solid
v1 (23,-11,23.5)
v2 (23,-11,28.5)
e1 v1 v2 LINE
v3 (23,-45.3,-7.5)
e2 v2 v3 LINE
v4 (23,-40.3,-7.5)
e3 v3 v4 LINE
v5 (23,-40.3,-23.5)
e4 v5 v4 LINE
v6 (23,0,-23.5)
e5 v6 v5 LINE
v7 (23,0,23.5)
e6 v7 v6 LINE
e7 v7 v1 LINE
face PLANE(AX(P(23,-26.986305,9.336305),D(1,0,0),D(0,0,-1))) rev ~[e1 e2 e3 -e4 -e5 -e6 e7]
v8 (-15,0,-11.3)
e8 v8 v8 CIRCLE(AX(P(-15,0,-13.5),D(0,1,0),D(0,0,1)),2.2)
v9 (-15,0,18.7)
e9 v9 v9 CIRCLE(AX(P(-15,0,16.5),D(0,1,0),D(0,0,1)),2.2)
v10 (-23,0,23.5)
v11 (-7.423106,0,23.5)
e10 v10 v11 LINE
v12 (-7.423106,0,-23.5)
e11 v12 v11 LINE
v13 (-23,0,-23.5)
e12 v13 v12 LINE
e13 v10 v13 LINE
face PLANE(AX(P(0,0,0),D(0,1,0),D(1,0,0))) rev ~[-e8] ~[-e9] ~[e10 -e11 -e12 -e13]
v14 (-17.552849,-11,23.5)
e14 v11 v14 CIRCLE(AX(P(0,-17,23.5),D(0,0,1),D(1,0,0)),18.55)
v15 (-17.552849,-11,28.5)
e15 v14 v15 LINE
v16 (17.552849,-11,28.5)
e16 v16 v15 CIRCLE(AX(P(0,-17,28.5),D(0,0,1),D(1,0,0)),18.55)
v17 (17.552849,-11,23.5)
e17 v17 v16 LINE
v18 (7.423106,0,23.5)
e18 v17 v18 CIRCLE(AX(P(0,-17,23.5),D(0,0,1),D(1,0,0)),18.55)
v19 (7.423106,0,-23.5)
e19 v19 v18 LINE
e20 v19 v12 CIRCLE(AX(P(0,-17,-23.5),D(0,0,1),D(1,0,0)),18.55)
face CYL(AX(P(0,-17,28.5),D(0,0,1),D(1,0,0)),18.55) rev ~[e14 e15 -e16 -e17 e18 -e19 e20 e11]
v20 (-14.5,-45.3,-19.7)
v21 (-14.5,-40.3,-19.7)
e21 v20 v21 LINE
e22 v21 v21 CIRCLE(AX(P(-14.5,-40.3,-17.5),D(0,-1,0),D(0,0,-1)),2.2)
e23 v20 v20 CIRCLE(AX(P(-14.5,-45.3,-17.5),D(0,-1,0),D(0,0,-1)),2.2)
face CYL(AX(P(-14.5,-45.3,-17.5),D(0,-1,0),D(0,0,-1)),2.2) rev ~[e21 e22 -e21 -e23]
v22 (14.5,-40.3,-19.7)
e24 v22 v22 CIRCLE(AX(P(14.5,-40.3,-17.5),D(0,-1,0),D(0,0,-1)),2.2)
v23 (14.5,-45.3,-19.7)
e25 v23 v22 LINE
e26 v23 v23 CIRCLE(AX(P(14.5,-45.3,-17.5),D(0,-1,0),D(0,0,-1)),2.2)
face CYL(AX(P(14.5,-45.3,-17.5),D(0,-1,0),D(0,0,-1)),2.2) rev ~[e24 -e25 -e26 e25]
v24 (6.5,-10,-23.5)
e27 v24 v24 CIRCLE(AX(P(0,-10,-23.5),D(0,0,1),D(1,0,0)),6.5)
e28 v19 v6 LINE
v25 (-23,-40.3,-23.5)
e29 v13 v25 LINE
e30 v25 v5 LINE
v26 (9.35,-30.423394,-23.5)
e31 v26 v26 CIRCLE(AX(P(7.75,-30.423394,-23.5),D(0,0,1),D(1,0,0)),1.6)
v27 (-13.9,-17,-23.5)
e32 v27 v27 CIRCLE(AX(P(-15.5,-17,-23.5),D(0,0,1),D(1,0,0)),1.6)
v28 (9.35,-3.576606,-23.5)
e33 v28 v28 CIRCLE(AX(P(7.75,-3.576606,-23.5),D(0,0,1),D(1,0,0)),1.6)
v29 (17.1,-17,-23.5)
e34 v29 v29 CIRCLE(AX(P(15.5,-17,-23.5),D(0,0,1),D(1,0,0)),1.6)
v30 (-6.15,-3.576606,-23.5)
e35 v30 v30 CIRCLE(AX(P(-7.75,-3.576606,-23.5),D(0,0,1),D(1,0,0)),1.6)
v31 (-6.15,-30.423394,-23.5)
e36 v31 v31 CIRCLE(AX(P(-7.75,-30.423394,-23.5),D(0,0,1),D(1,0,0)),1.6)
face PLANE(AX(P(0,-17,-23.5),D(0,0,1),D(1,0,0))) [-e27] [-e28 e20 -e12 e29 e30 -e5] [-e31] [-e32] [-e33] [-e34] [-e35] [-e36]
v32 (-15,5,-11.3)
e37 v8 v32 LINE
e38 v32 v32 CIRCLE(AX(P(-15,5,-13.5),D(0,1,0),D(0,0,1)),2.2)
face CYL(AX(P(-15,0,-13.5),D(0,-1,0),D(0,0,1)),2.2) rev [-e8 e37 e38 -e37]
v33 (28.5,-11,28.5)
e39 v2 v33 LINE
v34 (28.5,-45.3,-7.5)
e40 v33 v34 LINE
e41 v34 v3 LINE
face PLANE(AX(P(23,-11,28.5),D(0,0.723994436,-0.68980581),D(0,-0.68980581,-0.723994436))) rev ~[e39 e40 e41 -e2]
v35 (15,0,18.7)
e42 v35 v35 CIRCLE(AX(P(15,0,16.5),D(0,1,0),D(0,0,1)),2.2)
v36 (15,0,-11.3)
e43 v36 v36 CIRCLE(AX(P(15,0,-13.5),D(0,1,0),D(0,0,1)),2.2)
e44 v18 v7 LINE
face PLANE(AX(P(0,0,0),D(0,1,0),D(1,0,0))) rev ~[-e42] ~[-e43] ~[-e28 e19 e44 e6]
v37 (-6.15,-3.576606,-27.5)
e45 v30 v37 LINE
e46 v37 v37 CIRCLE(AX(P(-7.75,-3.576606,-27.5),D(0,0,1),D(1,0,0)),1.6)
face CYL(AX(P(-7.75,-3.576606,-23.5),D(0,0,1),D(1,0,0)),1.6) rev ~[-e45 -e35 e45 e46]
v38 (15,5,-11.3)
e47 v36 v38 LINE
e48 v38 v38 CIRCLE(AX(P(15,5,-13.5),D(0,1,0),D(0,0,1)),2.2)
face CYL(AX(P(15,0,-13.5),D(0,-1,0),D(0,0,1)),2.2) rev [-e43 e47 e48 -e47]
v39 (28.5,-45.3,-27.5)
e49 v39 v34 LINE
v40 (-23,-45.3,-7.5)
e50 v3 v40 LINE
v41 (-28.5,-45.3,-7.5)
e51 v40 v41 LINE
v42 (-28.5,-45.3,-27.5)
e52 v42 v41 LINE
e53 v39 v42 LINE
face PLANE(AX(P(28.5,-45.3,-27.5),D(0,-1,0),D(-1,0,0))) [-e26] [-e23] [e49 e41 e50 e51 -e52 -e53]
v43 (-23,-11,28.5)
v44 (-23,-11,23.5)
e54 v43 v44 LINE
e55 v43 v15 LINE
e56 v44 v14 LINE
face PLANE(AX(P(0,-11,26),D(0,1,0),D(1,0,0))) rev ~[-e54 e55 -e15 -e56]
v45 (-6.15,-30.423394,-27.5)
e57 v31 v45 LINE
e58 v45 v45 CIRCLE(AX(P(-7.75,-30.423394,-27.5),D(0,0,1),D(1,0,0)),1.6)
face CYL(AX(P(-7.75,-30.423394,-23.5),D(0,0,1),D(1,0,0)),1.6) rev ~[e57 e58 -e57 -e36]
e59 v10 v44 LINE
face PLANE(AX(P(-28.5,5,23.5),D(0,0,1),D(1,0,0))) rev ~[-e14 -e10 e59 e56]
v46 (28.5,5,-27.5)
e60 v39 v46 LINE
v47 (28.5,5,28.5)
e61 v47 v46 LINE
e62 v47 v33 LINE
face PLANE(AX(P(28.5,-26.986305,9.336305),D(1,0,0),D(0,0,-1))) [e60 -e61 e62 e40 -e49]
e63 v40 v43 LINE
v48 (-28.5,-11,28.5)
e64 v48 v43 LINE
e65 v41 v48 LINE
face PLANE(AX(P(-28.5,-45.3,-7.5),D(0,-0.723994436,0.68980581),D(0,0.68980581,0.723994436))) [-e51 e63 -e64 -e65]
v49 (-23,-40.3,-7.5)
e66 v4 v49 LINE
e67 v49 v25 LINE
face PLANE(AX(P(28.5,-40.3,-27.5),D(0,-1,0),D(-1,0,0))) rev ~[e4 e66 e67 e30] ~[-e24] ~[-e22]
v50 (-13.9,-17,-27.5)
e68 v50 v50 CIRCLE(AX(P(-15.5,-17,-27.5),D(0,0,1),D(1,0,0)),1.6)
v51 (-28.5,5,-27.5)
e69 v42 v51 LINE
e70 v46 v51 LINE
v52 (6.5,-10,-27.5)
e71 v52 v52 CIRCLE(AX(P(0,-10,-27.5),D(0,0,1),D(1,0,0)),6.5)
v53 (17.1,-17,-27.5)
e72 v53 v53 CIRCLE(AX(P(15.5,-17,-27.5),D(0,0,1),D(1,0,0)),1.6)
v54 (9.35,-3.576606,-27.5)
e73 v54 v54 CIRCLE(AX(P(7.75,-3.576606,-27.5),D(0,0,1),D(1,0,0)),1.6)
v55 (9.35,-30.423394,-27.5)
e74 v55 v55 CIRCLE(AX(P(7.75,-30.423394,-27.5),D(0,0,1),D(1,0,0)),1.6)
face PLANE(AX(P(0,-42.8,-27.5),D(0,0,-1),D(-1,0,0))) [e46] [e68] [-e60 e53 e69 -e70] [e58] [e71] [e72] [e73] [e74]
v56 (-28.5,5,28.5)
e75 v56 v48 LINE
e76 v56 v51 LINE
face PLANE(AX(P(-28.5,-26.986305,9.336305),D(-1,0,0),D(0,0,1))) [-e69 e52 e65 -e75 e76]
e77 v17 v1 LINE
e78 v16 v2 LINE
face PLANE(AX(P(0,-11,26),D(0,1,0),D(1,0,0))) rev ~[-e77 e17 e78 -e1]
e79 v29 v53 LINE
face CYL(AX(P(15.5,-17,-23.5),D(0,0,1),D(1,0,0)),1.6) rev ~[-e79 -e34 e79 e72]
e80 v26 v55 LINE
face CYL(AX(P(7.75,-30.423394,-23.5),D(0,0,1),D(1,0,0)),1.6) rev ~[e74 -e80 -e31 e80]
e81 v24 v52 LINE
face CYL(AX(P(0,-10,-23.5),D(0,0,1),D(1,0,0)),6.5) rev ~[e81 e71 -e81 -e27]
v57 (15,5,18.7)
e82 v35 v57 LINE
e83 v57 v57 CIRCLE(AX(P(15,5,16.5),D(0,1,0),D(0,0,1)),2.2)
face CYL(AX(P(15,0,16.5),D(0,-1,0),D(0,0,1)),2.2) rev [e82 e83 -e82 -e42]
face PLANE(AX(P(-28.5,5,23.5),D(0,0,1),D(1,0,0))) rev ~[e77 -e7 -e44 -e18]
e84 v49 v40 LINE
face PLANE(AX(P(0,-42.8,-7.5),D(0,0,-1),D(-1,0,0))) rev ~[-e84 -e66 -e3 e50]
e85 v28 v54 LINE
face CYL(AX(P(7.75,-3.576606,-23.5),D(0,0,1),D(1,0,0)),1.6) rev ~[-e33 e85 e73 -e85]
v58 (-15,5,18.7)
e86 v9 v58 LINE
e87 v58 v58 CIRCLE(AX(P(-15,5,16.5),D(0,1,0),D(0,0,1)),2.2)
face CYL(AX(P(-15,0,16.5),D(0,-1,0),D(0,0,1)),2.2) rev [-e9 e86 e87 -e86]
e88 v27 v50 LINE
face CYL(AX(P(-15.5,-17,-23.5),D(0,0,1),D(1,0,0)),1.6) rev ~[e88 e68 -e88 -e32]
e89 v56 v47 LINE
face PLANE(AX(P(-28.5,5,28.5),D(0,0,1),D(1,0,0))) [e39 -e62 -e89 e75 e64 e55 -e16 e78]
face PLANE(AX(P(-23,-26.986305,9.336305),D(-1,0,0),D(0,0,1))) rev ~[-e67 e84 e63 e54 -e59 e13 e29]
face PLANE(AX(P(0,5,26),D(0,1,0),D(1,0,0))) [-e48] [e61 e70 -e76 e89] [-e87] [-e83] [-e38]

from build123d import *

# Parameters (mm, degrees)
ESQUISSE1_W             = 46
ESQUISSE1_H             = 47
ESQUISSE1_R             = 2.2
BOSS_EXTRU_1_DEPTH      = 5
BOSS_EXTRU_2_START      = -5
BOSS_EXTRU_2_DEPTH      = 45.3
ESQUISSE3_R             = 6.5
ESQUISSE3_R_2           = 1.6
ENL_V_MAT_EXTRU_1_DEPTH = 15
ESQUISSE4_W             = 57
ESQUISSE4_H             = 5
BOSS_EXTRU_3_DEPTH      = 20
ESQUISSE7_W             = 57
ESQUISSE7_H             = 5
BOSS_EXTRU_4_DEPTH      = 16
ESQUISSE8_R             = 18.55
ENL_V_MAT_EXTRU_3_DEPTH = 52
ENL_V_MAT_EXTRU_4_DEPTH = 10
ENL_V_MAT_EXTRU_5_DEPTH = 10
BOSS_EXTRU_6_DEPTH      = 5.5
BOSS_EXTRU_7_START      = -5.5
BOSS_EXTRU_7_DEPTH      = 5.5
ESQUISSE14_R            = 2.2
ENL_V_MAT_EXTRU_6_DEPTH = 10


with BuildPart() as part:
    # Esquisse1 → Boss.-Extru.1 (new body)
    with BuildSketch(Plane(origin=(0, 0, 0), x_dir=(1, 0, 0), z_dir=(0, 1, 0))):
        Rectangle(ESQUISSE1_W, ESQUISSE1_H)
        with Locations(Location((-15, 13.5, 0), (0, 0, 270))):
            Circle(ESQUISSE1_R, mode=Mode.SUBTRACT)
        with Locations(Location((-15, -16.5, 0), (0, 0, 270))):
            Circle(ESQUISSE1_R, mode=Mode.SUBTRACT)
        with Locations(Location((15, -16.5, 0), (0, 0, 270))):
            Circle(ESQUISSE1_R, mode=Mode.SUBTRACT)
        with Locations(Location((15, 13.5, 0), (0, 0, 270))):
            Circle(ESQUISSE1_R, mode=Mode.SUBTRACT)
    extrude(amount=BOSS_EXTRU_1_DEPTH)

    # Esquisse2 → Boss.-Extru.2 (add)
    with BuildSketch(Plane.XZ.offset(BOSS_EXTRU_2_START)):
        Polygon((-28.5, -27.5), (-28.5, 23.5), (-23, 23.5), (-23, -23.5), (23, -23.5), (23, 23.5), (28.5, 23.5), (28.5, -27.5), align=None)
    extrude(amount=BOSS_EXTRU_2_DEPTH)

    # Esquisse3 → Enlèv. mat.-Extru.1 (cut)
    with BuildSketch(Plane.XY.offset(-23.5)):
        with Locations((0, -10)):
            Circle(ESQUISSE3_R)
        with Locations((7.75, -30.423393759)):
            Circle(ESQUISSE3_R_2)
        with Locations((-7.75, -30.423393759)):
            Circle(ESQUISSE3_R_2)
        with Locations((-15.5, -17)):
            Circle(ESQUISSE3_R_2)
        with Locations((-7.75, -3.576606241)):
            Circle(ESQUISSE3_R_2)
        with Locations((7.75, -3.576606241)):
            Circle(ESQUISSE3_R_2)
        with Locations((15.5, -17)):
            Circle(ESQUISSE3_R_2)
    extrude(amount=-ENL_V_MAT_EXTRU_1_DEPTH, mode=Mode.SUBTRACT)

    # Esquisse4 → Boss.-Extru.3 (add)
    with BuildSketch(Plane(origin=(0, 0, -27.5), x_dir=(-1, 0, 0), z_dir=(0, 0, -1))):
        with Locations((0, -42.8)):
            Rectangle(ESQUISSE4_W, ESQUISSE4_H)
    extrude(amount=-BOSS_EXTRU_3_DEPTH)

    # Esquisse7 → Boss.-Extru.4 (add)
    with BuildSketch(Plane(origin=(0, 5, 0), x_dir=(1, 0, 0), z_dir=(0, 1, 0))):
        with Locations((0, -26)):
            Rectangle(ESQUISSE7_W, ESQUISSE7_H)
    extrude(amount=-BOSS_EXTRU_4_DEPTH)

    # Esquisse8 → Enlèv. mat.-Extru.3 (cut)
    with BuildSketch(Plane.XY.offset(28.5)):
        with Locations((0, -17)):
            Circle(ESQUISSE8_R)
    extrude(amount=-ENL_V_MAT_EXTRU_3_DEPTH, mode=Mode.SUBTRACT)

    # Esquisse10 → Enlèv. mat.-Extru.4 (cut)
    with BuildSketch(Plane(origin=(28.5, 0, 0), x_dir=(0, 0, -1), z_dir=(1, 0, 0))):
        Polygon((-23.5, -11), (7.5, -40.3), (-23.5, -40.3), align=None)
    extrude(amount=-ENL_V_MAT_EXTRU_4_DEPTH, mode=Mode.SUBTRACT)

    # Esquisse11 → Enlèv. mat.-Extru.5 (cut)
    with BuildSketch(Plane.ZY.offset(28.5)):
        Polygon((23.5, -11), (-7.5, -40.3), (23.5, -40.3), align=None)
    extrude(amount=-ENL_V_MAT_EXTRU_5_DEPTH, mode=Mode.SUBTRACT)

    # Esquisse12 → Boss.-Extru.6 (add)
    with BuildSketch(Plane.ZY.offset(28.5)):
        Polygon((-7.5, -45.3), (28.5, -11), (23.5, -11), (-7.5, -40.3), align=None)
    extrude(amount=-BOSS_EXTRU_6_DEPTH)

    # Esquisse13 → Boss.-Extru.7 (add)
    with BuildSketch(Plane(origin=(28.5, 0, 0), x_dir=(0, 0, -1), z_dir=(1, 0, 0)).offset(BOSS_EXTRU_7_START)):
        Polygon((-28.5, -11), (7.5, -45.3), (7.5, -40.3), (-23.5, -11), align=None)
    extrude(amount=BOSS_EXTRU_7_DEPTH)

    # Esquisse14 → Enlèv. mat.-Extru.6 (cut)
    with BuildSketch(Plane.XZ.offset(45.3)):
        with Locations(Location((-14.5, -17.5, 0), (0, 0, 270))):
            Circle(ESQUISSE14_R)
        with Locations(Location((14.5, -17.5, 0), (0, 0, 270))):
            Circle(ESQUISSE14_R)
    extrude(amount=-ENL_V_MAT_EXTRU_6_DEPTH, mode=Mode.SUBTRACT)


solid = part.part
